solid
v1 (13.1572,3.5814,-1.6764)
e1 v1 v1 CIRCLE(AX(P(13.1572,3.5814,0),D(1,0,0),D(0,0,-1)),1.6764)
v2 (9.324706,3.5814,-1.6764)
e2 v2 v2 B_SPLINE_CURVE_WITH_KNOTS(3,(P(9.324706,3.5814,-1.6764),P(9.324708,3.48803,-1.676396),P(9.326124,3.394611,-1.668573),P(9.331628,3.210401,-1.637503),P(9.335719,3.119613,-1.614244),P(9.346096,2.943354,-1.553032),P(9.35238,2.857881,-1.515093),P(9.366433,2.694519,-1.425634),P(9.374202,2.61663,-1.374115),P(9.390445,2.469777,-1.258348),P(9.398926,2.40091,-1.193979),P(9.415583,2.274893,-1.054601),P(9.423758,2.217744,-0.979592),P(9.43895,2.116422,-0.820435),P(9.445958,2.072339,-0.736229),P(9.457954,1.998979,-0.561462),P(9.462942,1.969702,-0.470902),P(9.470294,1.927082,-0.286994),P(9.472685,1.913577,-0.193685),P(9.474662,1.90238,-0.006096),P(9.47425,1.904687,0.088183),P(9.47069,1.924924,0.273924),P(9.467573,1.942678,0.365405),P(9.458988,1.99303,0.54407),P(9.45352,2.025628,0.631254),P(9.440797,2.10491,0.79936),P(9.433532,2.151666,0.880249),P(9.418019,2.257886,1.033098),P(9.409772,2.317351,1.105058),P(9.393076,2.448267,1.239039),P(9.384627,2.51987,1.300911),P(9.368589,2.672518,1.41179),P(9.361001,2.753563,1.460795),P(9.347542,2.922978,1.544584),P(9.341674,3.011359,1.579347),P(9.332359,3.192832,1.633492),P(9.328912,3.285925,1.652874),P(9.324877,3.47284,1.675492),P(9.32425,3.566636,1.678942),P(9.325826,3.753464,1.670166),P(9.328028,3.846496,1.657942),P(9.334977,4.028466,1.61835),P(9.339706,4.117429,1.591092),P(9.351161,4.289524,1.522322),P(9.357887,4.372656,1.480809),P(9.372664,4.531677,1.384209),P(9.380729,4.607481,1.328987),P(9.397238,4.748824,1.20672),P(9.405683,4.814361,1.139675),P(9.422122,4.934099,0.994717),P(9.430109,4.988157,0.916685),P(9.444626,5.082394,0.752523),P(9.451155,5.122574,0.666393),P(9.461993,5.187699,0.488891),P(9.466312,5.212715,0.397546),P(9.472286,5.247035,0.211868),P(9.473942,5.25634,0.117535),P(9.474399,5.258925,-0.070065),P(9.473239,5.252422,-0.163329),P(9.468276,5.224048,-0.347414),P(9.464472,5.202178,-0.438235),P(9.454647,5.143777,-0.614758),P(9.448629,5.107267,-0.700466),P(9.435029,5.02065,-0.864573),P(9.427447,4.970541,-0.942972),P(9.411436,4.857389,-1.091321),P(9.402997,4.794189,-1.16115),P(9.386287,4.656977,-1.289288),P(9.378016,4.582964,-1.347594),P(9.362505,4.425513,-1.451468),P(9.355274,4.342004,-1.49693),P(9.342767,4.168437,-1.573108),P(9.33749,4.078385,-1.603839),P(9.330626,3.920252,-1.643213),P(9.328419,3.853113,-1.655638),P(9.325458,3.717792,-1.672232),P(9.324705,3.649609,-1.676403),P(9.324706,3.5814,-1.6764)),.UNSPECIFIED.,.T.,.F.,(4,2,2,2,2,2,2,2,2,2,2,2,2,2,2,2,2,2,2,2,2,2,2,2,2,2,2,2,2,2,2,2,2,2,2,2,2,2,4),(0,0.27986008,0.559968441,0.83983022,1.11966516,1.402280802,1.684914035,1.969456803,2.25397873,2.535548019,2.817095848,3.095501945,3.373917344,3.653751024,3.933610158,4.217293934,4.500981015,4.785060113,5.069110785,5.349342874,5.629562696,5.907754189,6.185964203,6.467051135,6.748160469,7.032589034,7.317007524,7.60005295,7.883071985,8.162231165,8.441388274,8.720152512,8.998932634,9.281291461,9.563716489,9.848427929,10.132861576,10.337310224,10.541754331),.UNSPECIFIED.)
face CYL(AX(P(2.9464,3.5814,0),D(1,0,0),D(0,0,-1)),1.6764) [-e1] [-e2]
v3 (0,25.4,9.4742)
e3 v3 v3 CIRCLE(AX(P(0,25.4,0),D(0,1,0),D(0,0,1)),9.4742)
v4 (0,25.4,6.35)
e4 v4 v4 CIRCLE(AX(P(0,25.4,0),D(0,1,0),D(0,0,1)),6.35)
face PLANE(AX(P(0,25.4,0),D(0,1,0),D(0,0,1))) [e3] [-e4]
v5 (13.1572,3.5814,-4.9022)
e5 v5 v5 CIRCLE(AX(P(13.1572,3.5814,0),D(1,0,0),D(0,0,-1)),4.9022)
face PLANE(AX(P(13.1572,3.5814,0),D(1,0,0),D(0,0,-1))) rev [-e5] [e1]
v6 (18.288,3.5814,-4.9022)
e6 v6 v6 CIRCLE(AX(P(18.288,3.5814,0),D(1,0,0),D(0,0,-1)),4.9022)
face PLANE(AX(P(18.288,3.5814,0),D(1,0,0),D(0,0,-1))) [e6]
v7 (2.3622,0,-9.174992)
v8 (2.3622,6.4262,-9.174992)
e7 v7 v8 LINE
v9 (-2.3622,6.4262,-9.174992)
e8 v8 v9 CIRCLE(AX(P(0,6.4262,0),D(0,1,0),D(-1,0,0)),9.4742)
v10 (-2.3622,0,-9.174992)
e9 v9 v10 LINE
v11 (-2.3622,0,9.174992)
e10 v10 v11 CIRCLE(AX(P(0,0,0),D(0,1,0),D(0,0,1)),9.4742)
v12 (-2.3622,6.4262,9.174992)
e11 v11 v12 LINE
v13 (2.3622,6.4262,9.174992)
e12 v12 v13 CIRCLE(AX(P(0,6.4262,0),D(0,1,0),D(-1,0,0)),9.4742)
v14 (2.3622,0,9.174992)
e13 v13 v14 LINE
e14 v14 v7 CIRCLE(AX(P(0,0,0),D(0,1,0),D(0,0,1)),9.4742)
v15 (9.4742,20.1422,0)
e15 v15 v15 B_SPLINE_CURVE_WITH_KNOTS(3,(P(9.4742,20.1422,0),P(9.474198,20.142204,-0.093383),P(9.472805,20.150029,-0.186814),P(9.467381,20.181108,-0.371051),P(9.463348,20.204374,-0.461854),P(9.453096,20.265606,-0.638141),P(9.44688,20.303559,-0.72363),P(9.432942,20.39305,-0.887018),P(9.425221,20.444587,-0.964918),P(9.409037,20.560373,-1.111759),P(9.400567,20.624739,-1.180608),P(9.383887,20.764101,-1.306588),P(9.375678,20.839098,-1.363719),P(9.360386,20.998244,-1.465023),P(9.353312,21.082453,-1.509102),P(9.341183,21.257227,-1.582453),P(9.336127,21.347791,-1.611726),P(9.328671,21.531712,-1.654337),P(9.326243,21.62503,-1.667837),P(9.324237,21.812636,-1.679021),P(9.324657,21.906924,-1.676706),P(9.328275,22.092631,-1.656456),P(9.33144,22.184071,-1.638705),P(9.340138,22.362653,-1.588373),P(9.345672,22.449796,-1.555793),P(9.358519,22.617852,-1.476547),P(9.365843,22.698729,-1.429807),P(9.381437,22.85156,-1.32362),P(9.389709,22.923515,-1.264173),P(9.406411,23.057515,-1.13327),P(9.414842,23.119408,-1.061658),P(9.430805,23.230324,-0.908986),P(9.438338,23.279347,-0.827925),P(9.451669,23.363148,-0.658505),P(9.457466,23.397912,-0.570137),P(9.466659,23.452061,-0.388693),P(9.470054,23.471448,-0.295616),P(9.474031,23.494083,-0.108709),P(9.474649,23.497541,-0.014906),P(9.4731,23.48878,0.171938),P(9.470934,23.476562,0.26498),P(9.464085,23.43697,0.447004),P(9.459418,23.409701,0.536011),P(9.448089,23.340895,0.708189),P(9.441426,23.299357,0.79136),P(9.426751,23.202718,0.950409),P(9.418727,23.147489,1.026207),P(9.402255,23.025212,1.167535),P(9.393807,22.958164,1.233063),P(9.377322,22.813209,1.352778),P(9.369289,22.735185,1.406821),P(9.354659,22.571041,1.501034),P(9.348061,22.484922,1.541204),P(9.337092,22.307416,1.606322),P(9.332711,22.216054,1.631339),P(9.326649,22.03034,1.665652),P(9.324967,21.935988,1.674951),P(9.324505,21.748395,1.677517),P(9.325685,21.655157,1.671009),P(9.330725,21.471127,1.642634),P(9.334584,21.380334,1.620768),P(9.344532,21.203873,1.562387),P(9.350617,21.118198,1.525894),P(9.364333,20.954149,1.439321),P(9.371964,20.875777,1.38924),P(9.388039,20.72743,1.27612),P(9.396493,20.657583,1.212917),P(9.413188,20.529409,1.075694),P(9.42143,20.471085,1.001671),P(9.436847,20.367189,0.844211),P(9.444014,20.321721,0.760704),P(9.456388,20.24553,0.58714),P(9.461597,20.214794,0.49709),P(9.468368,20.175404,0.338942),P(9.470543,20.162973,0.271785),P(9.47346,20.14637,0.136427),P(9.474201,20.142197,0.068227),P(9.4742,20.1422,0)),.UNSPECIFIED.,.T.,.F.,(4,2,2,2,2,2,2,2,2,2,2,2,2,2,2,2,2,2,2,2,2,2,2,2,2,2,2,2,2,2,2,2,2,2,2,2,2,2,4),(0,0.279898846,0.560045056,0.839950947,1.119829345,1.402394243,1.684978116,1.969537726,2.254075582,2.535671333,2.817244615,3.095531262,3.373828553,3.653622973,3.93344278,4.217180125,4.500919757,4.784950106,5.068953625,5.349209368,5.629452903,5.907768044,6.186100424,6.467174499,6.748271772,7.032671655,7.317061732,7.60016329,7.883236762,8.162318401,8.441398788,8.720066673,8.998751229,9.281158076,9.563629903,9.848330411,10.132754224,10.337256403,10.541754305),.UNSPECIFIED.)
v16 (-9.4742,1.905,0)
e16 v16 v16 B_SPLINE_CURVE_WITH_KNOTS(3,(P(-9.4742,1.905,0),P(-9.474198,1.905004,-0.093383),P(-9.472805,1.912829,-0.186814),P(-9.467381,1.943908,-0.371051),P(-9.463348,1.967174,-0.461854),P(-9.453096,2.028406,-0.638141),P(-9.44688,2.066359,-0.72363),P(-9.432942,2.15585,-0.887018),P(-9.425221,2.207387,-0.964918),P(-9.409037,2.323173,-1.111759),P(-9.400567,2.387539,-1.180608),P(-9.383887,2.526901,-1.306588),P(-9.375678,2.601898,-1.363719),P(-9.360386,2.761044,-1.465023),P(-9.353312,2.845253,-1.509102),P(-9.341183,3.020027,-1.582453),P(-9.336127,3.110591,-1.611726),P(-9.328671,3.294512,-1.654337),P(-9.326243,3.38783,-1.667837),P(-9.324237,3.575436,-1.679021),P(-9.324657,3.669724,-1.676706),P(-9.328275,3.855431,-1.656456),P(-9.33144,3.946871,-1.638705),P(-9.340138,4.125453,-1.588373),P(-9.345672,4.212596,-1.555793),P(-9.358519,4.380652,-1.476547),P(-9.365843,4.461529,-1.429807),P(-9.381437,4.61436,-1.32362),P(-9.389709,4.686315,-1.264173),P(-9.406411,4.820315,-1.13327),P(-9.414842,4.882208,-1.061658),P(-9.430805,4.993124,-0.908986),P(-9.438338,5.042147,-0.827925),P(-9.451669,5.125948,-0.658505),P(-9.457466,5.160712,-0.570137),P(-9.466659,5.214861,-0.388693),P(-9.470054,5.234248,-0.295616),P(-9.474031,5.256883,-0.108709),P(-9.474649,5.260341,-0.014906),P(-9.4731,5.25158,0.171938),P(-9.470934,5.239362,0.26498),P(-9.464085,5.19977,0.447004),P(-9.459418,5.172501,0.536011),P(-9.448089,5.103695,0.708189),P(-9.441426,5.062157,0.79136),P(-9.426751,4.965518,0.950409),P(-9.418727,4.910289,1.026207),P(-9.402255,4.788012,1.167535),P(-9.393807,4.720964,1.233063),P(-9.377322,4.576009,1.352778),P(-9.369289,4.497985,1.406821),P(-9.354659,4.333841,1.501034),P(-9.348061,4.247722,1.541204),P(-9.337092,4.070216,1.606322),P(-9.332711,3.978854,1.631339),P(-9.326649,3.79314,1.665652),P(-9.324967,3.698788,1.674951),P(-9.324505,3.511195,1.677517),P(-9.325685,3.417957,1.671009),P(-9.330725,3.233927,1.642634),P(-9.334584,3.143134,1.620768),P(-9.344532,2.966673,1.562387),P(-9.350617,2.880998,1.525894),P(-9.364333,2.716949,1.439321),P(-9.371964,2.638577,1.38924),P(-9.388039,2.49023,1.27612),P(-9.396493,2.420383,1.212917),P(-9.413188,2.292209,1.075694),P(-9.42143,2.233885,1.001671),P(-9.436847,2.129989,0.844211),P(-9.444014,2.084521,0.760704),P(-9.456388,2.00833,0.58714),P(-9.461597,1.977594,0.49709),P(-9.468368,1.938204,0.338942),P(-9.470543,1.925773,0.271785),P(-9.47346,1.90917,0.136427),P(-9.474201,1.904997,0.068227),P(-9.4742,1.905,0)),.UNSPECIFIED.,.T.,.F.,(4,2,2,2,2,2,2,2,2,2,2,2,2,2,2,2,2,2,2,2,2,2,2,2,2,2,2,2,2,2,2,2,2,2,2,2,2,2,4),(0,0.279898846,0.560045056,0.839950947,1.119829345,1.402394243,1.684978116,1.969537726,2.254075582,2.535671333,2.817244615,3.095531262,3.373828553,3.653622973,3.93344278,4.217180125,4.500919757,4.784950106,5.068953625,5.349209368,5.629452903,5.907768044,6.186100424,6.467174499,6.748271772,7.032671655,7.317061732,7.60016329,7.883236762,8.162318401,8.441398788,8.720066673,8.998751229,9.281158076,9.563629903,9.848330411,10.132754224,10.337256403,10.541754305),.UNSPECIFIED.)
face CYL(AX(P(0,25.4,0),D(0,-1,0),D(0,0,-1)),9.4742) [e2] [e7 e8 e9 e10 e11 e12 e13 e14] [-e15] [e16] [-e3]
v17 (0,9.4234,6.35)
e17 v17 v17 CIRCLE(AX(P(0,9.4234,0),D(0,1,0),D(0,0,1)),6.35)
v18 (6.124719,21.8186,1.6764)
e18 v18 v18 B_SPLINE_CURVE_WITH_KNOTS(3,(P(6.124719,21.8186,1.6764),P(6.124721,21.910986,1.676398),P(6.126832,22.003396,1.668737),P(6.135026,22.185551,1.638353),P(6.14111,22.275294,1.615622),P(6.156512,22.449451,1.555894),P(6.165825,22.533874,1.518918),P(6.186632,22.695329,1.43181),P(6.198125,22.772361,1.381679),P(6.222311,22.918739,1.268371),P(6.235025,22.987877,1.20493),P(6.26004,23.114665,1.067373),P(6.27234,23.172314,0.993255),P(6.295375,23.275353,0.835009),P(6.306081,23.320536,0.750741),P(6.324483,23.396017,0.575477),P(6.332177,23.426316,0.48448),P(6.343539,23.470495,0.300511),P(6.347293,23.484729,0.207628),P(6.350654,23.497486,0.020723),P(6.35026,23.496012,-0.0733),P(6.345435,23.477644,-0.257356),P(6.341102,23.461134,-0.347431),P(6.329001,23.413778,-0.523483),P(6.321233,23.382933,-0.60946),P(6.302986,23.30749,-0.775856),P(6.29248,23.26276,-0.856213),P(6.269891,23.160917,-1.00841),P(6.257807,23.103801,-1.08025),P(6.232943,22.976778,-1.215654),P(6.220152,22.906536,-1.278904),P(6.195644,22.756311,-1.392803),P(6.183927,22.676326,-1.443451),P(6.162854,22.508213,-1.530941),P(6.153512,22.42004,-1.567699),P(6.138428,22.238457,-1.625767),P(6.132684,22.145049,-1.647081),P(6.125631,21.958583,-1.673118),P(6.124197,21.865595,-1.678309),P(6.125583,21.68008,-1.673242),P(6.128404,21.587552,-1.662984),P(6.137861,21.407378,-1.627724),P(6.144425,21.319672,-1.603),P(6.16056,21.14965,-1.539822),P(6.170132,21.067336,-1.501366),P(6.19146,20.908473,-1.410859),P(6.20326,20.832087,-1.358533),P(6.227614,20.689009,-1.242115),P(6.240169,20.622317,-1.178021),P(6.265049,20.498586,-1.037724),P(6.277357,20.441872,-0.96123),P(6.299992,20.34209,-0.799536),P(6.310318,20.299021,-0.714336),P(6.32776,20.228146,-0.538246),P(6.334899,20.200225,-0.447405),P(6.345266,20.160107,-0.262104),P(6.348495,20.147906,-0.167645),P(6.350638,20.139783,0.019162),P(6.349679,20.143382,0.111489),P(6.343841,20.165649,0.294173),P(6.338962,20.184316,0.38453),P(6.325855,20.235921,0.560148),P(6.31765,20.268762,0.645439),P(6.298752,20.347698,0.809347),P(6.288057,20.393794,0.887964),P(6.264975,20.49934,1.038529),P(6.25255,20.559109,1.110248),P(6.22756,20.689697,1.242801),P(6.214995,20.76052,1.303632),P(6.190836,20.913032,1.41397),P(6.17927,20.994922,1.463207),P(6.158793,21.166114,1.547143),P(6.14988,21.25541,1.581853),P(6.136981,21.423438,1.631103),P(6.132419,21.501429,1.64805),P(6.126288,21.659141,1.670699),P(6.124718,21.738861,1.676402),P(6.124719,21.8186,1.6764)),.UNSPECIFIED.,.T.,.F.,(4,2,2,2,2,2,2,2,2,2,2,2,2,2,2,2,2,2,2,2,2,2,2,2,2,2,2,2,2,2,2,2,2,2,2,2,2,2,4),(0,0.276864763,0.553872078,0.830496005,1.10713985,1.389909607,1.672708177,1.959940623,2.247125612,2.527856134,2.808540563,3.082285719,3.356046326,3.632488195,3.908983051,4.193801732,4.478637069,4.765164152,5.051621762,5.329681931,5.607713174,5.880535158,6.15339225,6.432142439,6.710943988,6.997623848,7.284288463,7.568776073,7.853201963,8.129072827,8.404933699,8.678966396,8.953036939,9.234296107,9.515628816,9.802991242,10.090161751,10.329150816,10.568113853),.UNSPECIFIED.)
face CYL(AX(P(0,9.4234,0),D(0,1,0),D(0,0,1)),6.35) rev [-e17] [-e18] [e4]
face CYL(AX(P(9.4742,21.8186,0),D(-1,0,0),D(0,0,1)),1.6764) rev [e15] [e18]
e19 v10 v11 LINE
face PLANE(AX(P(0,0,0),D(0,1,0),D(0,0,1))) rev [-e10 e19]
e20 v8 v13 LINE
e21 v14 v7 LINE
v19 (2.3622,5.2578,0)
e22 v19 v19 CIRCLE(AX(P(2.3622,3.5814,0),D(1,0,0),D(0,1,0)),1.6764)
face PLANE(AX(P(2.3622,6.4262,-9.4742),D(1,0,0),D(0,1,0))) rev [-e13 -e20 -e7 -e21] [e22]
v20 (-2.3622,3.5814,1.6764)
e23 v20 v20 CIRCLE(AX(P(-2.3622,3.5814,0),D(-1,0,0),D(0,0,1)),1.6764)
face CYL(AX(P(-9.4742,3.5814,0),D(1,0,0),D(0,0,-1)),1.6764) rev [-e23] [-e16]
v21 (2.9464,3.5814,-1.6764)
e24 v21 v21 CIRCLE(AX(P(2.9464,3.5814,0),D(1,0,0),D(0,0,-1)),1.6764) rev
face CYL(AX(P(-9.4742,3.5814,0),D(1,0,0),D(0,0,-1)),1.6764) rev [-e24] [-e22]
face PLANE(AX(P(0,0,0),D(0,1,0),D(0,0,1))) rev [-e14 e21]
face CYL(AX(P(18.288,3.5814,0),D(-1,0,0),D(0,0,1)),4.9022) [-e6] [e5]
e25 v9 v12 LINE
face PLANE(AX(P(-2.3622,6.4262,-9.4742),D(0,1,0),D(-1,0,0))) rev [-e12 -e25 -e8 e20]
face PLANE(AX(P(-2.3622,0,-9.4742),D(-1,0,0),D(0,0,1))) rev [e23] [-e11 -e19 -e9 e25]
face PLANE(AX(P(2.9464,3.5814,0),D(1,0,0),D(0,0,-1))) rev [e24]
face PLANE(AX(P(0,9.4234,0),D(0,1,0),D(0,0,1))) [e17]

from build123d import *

# Parameters (mm, degrees)
SKETCH1_R               = 9.4742
BOSS_EXTRUDE1_DEPTH     = 25.4
SKETCH2_R               = 6.35
CUT_EXTRUDE1_DEPTH      = 15.9766
CUT_EXTRUDE2_DEPTH      = 29.717258422
CUT_EXTRUDE2_DEPTH_BACK = 29.717258422
CUT_EXTRUDE3_DEPTH      = 29.717258422
CUT_EXTRUDE3_DEPTH_BACK = 29.717258422
SKETCH4_R               = 1.6764
SKETCH5_R               = 1.6764
CUT_EXTRUDE4_DEPTH      = 29.717258577
SKETCH6_R               = 1.6764
BOSS_EXTRUDE2_DEPTH     = 3.683
SKETCH7_R               = 4.9022
BOSS_EXTRUDE3_DEPTH     = 5.1308
SKETCH8_R               = 1.6764
BOSS_EXTRUDE4_DEPTH     = 6.5278


with BuildPart() as part:
    # Sketch1 → Boss-Extrude1 (new body)
    with BuildSketch(Plane(origin=(0, 0, 0), x_dir=(1, 0, 0), z_dir=(0, 1, 0))):
        with Locations(Location((0, 0, 0), (0, 0, 270))):
            Circle(SKETCH1_R)
    extrude(amount=BOSS_EXTRUDE1_DEPTH)

    # Sketch2 → Cut-Extrude1 (cut)
    with BuildSketch(Plane(origin=(0, 25.4, 0), x_dir=(1, 0, 0), z_dir=(0, 1, 0))):
        with Locations(Location((0, 0, 0), (0, 0, 270))):
            Circle(SKETCH2_R)
    extrude(amount=-CUT_EXTRUDE1_DEPTH, mode=Mode.SUBTRACT)

    # Sketch3 → Cut-Extrude2 (cut, two sides: drawn at the far end of the back side and taken through both)
    with BuildSketch(Plane.XY.offset(-CUT_EXTRUDE2_DEPTH_BACK)):
        Polygon((0, 0), (2.3622, 0), (2.3622, 6.4262), (-2.3622, 6.4262), (-2.3622, 0), align=None)
    extrude(amount=CUT_EXTRUDE2_DEPTH + CUT_EXTRUDE2_DEPTH_BACK, mode=Mode.SUBTRACT)

    # Sketch4 → Cut-Extrude3 (cut, two sides: drawn at the far end of the back side and taken through both)
    with BuildSketch(Plane(origin=(0, 0, 0), x_dir=(0, 0, -1), z_dir=(1, 0, 0)).offset(-CUT_EXTRUDE3_DEPTH_BACK)):
        with Locations((0, 3.5814)):
            Circle(SKETCH4_R)
    extrude(amount=CUT_EXTRUDE3_DEPTH + CUT_EXTRUDE3_DEPTH_BACK, mode=Mode.SUBTRACT)

    # Sketch5 → Cut-Extrude4 (cut, through all)
    with BuildSketch(Plane(origin=(0, 0, 0), x_dir=(0, 0, -1), z_dir=(1, 0, 0))):
        with Locations(Location((0, 21.8186, 0), (0, 0, 180))):
            Circle(SKETCH5_R)
    extrude(amount=CUT_EXTRUDE4_DEPTH, mode=Mode.SUBTRACT)



with BuildPart() as body_2:
    # Sketch6 → Boss-Extrude2 (new body)
    with BuildSketch(Plane(origin=(9.4742, 0, 0), x_dir=(0, 0, -1), z_dir=(1, 0, 0))):
        with Locations((0, 3.5814)):
            Circle(SKETCH6_R)
    extrude(amount=BOSS_EXTRUDE2_DEPTH)

    # Sketch7 → Boss-Extrude3 (add)
    with BuildSketch(Plane(origin=(13.1572, 0, 0), x_dir=(0, 0, -1), z_dir=(1, 0, 0))):
        with Locations((0, 3.5814)):
            Circle(SKETCH7_R)
    extrude(amount=BOSS_EXTRUDE3_DEPTH)


with BuildPart() as part_1:
    add(part.part)

    add(body_2.part)  # Boss-Extrude4 merges body 2
    # Sketch8 → Boss-Extrude4 (add)
    with BuildSketch(Plane(origin=(9.4742, 0, 0), x_dir=(0, 0, -1), z_dir=(1, 0, 0))):
        with Locations((0, 3.5814)):
            Circle(SKETCH8_R)
    extrude(amount=-BOSS_EXTRUDE4_DEPTH)


solid = part_1.part
